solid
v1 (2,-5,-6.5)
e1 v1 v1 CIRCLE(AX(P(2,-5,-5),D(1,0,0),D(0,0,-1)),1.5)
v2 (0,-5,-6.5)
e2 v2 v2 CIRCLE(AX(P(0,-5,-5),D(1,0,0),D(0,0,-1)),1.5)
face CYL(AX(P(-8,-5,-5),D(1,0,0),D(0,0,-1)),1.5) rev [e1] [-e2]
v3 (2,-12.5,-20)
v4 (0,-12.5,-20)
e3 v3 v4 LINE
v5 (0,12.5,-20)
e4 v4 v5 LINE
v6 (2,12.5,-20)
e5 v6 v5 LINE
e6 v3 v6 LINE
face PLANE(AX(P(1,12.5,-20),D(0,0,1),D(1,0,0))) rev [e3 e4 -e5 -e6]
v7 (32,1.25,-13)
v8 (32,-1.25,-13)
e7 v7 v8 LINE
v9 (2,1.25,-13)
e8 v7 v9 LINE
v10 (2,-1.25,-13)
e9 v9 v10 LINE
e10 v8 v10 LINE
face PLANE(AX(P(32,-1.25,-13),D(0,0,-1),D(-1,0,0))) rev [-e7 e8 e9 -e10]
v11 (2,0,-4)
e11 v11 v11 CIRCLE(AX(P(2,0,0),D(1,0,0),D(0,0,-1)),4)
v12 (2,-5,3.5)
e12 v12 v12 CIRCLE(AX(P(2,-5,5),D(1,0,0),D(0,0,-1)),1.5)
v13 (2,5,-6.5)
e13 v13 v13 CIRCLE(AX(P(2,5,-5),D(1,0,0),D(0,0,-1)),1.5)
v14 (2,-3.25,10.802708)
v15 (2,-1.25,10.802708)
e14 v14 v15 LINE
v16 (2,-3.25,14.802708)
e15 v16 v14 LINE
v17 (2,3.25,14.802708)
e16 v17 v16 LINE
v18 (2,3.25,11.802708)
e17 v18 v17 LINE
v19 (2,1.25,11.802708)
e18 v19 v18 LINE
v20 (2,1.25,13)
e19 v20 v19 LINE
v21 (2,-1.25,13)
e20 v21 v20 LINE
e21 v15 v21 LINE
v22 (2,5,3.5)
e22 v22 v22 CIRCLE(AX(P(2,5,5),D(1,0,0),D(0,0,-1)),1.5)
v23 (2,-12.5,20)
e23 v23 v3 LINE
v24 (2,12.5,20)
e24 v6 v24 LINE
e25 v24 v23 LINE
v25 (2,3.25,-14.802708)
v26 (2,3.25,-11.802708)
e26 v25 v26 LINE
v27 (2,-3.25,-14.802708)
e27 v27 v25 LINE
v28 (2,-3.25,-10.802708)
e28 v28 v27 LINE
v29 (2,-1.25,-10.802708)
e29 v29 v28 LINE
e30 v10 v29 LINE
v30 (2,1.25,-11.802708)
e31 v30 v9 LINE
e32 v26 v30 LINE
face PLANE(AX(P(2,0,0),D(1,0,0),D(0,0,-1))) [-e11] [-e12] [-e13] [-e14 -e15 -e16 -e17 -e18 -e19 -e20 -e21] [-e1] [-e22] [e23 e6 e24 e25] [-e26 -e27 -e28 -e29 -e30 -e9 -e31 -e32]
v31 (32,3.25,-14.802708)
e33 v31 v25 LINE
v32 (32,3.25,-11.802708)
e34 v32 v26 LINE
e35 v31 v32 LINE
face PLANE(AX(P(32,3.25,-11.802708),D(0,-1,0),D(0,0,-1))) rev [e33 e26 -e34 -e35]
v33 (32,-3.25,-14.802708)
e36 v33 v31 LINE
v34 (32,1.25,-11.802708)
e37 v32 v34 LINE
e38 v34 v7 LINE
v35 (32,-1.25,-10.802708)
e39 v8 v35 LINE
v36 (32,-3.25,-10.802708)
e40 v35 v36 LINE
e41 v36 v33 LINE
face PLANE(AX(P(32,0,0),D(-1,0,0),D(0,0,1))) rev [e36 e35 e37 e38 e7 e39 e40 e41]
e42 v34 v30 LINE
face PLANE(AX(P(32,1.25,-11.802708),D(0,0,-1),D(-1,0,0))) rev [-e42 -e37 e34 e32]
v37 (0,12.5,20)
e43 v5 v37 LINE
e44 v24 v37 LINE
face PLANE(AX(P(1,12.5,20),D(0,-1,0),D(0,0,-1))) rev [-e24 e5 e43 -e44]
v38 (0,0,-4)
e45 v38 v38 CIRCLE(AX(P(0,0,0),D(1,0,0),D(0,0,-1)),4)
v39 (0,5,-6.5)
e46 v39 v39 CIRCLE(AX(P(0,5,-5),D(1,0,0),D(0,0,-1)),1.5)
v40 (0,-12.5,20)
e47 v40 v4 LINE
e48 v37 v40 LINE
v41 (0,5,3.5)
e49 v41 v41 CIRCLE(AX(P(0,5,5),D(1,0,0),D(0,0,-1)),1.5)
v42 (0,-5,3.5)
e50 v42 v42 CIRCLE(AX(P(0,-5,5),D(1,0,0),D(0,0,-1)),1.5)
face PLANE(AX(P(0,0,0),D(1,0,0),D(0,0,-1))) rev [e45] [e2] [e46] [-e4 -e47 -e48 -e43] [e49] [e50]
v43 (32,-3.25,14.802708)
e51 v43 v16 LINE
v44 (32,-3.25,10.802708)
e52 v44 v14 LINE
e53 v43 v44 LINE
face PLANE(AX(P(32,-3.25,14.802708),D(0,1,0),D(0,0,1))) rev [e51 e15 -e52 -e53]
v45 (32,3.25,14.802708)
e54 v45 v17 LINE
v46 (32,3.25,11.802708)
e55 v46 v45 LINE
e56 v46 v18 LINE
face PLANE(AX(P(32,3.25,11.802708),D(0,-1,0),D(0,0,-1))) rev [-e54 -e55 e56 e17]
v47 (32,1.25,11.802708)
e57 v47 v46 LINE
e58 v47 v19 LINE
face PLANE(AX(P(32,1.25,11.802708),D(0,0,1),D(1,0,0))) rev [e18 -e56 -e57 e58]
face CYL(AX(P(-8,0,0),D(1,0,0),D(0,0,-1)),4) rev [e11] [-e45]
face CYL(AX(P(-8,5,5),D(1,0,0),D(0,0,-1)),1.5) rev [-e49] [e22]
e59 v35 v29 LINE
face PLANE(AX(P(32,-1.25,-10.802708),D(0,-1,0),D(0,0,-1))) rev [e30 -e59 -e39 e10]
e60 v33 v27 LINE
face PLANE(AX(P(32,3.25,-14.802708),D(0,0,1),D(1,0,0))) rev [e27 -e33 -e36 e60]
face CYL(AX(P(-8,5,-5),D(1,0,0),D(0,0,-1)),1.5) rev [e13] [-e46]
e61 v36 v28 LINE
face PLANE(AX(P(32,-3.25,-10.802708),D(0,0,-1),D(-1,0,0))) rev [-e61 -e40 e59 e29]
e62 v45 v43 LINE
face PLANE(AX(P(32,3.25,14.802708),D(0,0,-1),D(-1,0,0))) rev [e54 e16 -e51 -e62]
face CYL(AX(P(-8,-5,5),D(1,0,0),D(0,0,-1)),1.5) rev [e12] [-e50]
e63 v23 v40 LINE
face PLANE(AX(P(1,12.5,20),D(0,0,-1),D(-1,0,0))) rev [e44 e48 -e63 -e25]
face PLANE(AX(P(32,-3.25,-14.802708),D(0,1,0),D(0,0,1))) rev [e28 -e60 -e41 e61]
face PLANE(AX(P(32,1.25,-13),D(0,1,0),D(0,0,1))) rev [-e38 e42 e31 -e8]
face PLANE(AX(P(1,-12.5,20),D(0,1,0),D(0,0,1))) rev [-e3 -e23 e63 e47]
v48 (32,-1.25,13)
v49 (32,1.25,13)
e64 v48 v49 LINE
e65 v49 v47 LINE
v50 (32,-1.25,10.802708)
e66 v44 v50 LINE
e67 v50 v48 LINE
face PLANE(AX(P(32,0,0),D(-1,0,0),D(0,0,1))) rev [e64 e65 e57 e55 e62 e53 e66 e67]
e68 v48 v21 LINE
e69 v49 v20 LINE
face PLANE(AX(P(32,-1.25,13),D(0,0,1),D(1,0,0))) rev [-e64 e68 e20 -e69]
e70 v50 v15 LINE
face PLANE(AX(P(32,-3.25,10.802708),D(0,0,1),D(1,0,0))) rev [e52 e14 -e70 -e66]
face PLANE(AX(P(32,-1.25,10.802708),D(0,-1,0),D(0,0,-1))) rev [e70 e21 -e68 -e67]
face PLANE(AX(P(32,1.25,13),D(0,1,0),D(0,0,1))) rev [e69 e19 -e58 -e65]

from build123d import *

# Parameters (mm, degrees)
SKETCH1_W           = 40
SKETCH1_H           = 25
BOSS_EXTRUDE1_DEPTH = 1
SKETCH2_W           = 40
SKETCH2_H           = 25
BOSS_EXTRUDE2_DEPTH = 1
BOSS_EXTRUDE3_DEPTH = 30
SKETCH5_R           = 1.5
SKETCH5_R_2         = 4
CUT_EXTRUDE2_DEPTH  = 10


with BuildPart() as part:
    # Sketch1 → Boss-Extrude1 (new body)
    with BuildSketch(Plane(origin=(0, 0, 0), x_dir=(0, 0, -1), z_dir=(1, 0, 0))):
        Rectangle(SKETCH1_W, SKETCH1_H)
    extrude(amount=BOSS_EXTRUDE1_DEPTH)

    # Sketch2 → Boss-Extrude2 (add)
    with BuildSketch(Plane(origin=(1, 0, 0), x_dir=(0, 0, -1), z_dir=(1, 0, 0))):
        Rectangle(SKETCH2_W, SKETCH2_H)
    extrude(amount=BOSS_EXTRUDE2_DEPTH)

    # Sketch3 → Boss-Extrude3 (add)
    with BuildSketch(Plane(origin=(2, 0, 0), x_dir=(0, 0, -1), z_dir=(1, 0, 0))):
        Polygon((11.802707793, 1.25), (11.802707793, 3.25), (14.802707793, 3.25), (14.802707793, -3.25), (10.802707793, -3.25), (10.802707793, -1.25), (13, -1.25), (13, 1.25), align=None)
        Polygon((-13, -1.25), (-13, 1.25), (-11.802707793, 1.25), (-11.802707793, 3.25), (-14.802707793, 3.25), (-14.802707793, -3.25), (-10.802707793, -3.25), (-10.802707793, -1.25), align=None)
    extrude(amount=BOSS_EXTRUDE3_DEPTH)

    # Sketch5 → Cut-Extrude2 (cut)
    with BuildSketch(Plane(origin=(2, 0, 0), x_dir=(0, 0, -1), z_dir=(1, 0, 0))):
        with Locations((5, 5)):
            Circle(SKETCH5_R)
        with Locations((5, -5)):
            Circle(SKETCH5_R)
        with Locations((-5, -5)):
            Circle(SKETCH5_R)
        with Locations((-5, 5)):
            Circle(SKETCH5_R)
        Circle(SKETCH5_R_2)
    extrude(amount=-CUT_EXTRUDE2_DEPTH, mode=Mode.SUBTRACT)


solid = part.part
